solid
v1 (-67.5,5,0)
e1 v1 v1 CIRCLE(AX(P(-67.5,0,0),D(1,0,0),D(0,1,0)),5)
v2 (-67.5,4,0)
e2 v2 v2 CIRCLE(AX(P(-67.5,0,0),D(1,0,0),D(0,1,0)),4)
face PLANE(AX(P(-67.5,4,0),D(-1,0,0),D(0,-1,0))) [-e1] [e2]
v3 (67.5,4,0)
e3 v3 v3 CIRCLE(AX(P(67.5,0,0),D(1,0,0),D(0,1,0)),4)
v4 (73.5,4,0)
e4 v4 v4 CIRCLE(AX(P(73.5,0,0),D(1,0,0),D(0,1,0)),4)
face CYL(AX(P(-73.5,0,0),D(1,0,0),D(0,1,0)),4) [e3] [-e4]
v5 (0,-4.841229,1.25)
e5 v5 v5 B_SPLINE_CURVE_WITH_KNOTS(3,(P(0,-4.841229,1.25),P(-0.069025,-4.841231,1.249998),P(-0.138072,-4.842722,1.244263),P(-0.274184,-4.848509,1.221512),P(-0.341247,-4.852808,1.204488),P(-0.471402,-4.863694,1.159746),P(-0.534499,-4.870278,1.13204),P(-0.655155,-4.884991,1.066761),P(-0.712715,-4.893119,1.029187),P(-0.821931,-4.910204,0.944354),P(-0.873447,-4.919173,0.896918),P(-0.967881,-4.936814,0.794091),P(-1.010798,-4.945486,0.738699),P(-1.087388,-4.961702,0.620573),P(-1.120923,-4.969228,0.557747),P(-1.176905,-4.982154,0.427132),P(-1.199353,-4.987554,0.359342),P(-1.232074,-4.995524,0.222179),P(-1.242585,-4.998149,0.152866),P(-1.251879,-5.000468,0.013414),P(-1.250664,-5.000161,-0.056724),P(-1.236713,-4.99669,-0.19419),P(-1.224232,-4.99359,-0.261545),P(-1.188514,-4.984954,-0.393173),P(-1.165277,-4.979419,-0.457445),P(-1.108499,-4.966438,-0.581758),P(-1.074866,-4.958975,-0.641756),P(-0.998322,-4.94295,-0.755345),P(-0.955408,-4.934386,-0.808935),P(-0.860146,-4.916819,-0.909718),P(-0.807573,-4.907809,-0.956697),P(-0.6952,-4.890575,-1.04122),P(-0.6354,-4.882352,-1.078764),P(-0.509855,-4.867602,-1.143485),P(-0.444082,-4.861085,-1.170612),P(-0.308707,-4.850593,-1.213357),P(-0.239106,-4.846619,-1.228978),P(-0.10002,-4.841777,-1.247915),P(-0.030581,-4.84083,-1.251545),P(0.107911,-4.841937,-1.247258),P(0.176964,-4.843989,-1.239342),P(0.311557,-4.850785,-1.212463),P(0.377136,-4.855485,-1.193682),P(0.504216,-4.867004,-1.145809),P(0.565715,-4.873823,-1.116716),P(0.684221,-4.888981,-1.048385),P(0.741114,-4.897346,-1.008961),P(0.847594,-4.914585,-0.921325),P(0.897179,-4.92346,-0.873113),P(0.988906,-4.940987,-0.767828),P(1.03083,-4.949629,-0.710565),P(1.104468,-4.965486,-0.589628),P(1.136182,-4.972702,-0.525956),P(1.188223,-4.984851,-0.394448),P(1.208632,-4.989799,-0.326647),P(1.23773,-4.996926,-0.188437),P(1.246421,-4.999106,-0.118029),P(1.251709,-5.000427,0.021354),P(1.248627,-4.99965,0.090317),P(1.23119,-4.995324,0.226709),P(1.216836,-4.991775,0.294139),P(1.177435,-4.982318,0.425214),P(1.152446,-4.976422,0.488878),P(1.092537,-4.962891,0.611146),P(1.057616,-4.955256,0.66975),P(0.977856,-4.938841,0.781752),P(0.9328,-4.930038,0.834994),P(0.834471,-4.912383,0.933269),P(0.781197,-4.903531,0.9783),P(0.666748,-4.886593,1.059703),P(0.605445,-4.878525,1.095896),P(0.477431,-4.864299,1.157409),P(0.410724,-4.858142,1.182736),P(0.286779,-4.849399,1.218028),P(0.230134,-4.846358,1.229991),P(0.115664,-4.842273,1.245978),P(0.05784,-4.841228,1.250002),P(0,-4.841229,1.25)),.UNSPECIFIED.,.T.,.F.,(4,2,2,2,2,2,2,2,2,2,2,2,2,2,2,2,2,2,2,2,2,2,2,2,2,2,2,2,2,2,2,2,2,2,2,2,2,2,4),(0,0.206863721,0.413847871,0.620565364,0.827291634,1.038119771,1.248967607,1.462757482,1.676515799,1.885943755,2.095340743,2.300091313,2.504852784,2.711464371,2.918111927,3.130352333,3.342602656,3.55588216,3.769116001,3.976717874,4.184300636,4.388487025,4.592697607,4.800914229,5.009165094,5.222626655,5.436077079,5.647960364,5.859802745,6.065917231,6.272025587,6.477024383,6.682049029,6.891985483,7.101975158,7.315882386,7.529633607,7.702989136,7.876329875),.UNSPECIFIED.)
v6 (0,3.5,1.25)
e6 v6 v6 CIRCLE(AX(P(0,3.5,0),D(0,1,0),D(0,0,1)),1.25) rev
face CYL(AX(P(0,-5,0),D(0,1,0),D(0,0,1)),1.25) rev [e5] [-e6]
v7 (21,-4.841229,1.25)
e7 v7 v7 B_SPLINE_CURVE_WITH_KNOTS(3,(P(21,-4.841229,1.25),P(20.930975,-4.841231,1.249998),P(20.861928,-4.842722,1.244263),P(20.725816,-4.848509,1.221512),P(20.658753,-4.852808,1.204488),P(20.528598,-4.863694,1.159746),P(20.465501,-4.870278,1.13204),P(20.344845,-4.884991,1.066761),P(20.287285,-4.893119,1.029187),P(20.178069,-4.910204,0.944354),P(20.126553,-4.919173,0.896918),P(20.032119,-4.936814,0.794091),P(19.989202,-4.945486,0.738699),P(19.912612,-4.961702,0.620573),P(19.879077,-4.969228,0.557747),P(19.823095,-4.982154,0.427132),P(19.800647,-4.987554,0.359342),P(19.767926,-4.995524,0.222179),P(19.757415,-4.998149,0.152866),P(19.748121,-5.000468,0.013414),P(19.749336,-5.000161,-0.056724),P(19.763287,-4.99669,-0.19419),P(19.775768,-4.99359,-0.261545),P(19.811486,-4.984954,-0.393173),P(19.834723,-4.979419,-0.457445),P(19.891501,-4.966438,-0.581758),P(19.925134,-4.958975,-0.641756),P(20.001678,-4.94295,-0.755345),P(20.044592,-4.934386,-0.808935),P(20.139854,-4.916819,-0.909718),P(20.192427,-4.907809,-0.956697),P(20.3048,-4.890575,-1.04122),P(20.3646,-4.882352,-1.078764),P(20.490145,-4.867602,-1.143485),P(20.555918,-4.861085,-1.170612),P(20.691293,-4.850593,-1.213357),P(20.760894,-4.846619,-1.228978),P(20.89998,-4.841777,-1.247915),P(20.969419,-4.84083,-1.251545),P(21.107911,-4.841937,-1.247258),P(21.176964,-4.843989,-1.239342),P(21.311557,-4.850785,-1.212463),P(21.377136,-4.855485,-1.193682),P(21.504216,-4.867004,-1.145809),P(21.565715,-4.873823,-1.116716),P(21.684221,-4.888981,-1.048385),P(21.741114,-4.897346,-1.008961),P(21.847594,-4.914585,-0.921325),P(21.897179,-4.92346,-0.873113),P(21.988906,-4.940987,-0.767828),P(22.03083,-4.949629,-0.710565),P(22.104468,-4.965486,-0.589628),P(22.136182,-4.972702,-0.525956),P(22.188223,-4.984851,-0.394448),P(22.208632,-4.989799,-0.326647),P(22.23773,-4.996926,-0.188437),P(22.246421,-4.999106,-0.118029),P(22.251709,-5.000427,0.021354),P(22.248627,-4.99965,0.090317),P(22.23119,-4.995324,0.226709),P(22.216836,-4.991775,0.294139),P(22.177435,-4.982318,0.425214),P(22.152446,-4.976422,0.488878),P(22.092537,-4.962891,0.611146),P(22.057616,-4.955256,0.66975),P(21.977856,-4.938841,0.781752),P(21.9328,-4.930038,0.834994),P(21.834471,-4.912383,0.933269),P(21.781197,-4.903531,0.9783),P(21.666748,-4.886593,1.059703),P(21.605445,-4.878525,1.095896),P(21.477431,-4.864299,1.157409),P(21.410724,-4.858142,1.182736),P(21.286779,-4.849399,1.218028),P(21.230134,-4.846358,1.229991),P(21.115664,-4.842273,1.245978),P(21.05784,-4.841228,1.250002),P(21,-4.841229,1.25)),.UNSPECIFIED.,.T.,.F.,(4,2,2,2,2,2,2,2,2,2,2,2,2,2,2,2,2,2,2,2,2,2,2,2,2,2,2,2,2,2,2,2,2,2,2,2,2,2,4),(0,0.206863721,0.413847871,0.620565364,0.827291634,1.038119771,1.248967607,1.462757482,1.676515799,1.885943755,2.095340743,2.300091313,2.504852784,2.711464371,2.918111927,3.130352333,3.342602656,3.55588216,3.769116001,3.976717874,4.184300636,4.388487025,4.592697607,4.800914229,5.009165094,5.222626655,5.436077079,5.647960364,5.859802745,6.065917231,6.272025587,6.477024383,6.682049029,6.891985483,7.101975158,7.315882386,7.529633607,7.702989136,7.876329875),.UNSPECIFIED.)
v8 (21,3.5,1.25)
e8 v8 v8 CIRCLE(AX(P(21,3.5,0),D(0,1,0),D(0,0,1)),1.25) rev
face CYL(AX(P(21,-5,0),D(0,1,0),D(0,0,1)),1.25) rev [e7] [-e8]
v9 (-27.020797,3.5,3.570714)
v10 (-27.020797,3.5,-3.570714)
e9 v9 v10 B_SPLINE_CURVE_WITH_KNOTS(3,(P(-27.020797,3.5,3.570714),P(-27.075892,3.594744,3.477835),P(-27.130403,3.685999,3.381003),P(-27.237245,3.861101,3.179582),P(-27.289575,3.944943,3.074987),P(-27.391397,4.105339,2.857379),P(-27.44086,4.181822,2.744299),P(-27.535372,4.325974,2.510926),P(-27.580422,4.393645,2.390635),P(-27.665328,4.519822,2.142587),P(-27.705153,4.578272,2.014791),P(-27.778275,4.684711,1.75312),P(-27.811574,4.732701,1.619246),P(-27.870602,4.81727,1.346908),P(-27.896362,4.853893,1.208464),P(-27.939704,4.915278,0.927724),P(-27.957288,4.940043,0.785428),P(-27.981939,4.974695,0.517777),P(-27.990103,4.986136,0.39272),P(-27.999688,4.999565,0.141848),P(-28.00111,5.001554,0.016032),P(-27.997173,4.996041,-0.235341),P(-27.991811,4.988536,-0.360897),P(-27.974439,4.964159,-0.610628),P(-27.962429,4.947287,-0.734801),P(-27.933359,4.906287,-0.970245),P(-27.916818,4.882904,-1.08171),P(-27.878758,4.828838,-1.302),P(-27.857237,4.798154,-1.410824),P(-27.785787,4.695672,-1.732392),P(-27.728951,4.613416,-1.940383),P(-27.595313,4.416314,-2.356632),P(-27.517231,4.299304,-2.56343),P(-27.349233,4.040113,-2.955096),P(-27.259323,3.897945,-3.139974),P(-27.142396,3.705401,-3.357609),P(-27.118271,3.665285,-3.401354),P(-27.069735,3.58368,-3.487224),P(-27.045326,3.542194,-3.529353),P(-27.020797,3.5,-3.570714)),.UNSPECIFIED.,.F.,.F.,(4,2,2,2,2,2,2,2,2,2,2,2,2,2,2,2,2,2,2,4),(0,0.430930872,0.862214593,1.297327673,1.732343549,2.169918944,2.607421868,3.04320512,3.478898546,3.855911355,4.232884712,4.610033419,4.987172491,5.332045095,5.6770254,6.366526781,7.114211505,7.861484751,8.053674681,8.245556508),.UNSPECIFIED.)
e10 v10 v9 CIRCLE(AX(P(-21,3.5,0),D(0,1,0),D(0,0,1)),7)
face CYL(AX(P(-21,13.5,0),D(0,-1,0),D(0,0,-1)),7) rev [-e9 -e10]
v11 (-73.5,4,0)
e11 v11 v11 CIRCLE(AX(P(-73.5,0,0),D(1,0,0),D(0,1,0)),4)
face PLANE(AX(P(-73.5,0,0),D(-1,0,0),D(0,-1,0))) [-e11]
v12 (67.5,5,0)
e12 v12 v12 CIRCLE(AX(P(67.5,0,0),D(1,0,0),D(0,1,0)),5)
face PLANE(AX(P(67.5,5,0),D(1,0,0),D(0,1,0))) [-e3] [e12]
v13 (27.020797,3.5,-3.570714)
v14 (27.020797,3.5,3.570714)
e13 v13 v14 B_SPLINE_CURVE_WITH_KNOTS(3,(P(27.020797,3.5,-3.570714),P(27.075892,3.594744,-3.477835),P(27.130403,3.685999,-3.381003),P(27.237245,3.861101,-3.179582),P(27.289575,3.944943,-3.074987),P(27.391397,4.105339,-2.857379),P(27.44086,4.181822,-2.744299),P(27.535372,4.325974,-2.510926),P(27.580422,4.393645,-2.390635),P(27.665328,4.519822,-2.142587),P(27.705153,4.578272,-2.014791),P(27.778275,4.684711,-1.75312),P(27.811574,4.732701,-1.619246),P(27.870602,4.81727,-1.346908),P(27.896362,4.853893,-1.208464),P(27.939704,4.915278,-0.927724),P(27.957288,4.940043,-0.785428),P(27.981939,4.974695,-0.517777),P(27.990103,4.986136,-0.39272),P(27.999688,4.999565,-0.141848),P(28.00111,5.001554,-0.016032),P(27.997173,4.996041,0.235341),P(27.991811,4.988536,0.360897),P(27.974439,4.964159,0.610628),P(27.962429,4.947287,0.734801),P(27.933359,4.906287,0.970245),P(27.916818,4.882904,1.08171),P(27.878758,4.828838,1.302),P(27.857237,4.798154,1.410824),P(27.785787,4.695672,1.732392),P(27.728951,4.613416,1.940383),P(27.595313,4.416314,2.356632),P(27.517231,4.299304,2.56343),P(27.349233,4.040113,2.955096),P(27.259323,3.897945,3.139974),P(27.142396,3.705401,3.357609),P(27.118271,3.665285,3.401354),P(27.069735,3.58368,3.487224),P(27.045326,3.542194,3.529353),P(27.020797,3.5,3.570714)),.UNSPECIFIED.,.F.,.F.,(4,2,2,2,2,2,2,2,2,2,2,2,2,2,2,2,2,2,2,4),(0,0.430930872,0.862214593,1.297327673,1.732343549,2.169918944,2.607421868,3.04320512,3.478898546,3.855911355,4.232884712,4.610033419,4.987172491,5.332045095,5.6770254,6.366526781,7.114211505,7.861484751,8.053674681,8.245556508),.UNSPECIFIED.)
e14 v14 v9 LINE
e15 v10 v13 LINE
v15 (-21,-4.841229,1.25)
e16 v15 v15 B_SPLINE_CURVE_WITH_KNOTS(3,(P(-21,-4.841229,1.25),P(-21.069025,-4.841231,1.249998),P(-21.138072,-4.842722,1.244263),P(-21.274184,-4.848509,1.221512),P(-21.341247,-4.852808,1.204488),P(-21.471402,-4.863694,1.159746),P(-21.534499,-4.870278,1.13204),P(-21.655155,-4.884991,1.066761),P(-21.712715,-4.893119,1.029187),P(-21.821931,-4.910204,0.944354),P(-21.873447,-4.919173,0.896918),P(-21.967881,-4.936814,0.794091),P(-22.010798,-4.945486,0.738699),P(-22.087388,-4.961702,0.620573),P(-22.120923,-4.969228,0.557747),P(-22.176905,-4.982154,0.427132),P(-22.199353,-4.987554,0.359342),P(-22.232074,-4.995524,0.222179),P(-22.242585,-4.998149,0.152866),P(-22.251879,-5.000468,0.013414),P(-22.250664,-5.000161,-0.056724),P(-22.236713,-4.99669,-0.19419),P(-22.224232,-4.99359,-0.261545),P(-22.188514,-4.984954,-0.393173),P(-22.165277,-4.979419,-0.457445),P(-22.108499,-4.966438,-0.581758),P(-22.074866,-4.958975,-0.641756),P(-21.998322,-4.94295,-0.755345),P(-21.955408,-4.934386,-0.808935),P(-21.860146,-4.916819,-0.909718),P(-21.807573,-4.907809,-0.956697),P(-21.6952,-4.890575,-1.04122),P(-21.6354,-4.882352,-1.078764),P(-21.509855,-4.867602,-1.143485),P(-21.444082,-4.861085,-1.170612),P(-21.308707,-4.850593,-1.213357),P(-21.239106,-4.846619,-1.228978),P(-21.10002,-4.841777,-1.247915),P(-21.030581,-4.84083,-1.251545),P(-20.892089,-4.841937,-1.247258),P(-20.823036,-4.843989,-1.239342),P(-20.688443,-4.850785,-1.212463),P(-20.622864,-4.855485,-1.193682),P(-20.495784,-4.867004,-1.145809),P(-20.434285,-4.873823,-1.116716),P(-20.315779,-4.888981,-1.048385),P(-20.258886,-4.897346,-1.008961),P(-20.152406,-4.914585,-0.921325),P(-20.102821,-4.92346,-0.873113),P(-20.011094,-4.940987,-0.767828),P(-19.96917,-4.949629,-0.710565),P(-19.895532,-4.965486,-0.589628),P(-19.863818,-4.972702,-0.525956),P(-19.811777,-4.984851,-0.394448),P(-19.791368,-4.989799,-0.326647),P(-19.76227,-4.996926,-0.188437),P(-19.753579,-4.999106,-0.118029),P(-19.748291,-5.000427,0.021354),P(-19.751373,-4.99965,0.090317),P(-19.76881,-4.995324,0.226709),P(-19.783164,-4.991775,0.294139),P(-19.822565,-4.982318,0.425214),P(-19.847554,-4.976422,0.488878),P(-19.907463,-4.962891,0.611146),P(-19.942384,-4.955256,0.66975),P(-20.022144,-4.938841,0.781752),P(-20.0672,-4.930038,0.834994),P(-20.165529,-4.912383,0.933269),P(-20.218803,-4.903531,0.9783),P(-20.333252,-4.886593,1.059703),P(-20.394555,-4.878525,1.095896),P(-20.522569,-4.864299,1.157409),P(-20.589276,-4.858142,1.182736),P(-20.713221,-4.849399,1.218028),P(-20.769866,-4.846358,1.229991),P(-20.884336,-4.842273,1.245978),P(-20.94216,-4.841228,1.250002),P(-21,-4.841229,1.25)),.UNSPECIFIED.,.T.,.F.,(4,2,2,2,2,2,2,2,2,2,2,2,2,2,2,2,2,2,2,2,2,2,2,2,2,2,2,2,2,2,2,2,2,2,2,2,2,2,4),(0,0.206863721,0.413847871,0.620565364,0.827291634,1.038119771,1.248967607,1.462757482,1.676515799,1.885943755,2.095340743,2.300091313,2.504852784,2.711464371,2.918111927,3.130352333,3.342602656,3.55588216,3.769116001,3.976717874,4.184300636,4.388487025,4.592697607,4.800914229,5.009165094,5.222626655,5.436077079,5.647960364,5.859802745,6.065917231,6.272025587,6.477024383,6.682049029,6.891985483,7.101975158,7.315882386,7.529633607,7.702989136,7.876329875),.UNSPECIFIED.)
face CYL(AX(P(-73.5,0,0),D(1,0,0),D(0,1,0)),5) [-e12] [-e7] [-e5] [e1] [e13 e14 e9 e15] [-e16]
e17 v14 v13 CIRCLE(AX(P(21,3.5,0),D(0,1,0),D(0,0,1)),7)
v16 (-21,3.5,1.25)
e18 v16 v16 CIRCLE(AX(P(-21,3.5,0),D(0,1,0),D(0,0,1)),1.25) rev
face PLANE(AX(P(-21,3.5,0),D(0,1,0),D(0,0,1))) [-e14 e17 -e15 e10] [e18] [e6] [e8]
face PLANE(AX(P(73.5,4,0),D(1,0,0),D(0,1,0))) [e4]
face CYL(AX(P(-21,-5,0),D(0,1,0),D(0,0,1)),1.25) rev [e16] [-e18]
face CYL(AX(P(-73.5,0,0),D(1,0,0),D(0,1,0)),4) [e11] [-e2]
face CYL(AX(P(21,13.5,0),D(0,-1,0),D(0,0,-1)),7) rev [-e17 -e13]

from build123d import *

# Parameters (mm, degrees)
ENL_V_MAT_EXTRU_1_DEPTH      = 74.839352652
ENL_V_MAT_EXTRU_1_DEPTH_BACK = 74.839352652
ESQUISSE2_R                  = 1.25
ENL_V_START                  = 3.5
ENL_V_MAT_EXTRU_2_DEPTH      = 10


with BuildPart() as part:
    # Esquisse1 → Révolution1 (revolve)
    with BuildSketch(Plane.XY):
        Polygon((-67.5, 5), (67.5, 5), (67.5, 4), (73.5, 4), (73.5, 0), (-73.5, 0), (-73.5, 4), (-67.5, 4), align=None)
    revolve(axis=Axis((-73.5, 0, 0), (-1, 0, 0)))

    # Esquisse2 → Enlèv. mat.-Extru.1 (cut, two sides: drawn at the far end of the back side and taken through both)
    with BuildSketch(Plane(origin=(0, 0, 0), x_dir=(1, 0, 0), z_dir=(0, 1, 0)).offset(-ENL_V_MAT_EXTRU_1_DEPTH_BACK)):
        with Locations(Location((-21, 0, 0), (0, 0, 270))):
            Circle(ESQUISSE2_R)
        with Locations(Location((21, 0, 0), (0, 0, 270))):
            Circle(ESQUISSE2_R)
        with Locations(Location((0, 0, 0), (0, 0, 270))):
            Circle(ESQUISSE2_R)
    extrude(amount=ENL_V_MAT_EXTRU_1_DEPTH + ENL_V_MAT_EXTRU_1_DEPTH_BACK, mode=Mode.SUBTRACT)

    # Esquisse3 → Enlèv. mat.-Extru.2 (cut)
    with BuildSketch(Plane(origin=(0, 0, 0), x_dir=(1, 0, 0), z_dir=(0, 1, 0)).offset(ENL_V_START)):
        with BuildLine():
            Line((-21, 7), (21, 7))
            ThreePointArc((21, 7), (28, 0), (21, -7))
            Line((21, -7), (-21, -7))
            ThreePointArc((-21, -7), (-28, 0), (-21, 7))
        make_face()
    extrude(amount=ENL_V_MAT_EXTRU_2_DEPTH, mode=Mode.SUBTRACT)


solid = part.part
